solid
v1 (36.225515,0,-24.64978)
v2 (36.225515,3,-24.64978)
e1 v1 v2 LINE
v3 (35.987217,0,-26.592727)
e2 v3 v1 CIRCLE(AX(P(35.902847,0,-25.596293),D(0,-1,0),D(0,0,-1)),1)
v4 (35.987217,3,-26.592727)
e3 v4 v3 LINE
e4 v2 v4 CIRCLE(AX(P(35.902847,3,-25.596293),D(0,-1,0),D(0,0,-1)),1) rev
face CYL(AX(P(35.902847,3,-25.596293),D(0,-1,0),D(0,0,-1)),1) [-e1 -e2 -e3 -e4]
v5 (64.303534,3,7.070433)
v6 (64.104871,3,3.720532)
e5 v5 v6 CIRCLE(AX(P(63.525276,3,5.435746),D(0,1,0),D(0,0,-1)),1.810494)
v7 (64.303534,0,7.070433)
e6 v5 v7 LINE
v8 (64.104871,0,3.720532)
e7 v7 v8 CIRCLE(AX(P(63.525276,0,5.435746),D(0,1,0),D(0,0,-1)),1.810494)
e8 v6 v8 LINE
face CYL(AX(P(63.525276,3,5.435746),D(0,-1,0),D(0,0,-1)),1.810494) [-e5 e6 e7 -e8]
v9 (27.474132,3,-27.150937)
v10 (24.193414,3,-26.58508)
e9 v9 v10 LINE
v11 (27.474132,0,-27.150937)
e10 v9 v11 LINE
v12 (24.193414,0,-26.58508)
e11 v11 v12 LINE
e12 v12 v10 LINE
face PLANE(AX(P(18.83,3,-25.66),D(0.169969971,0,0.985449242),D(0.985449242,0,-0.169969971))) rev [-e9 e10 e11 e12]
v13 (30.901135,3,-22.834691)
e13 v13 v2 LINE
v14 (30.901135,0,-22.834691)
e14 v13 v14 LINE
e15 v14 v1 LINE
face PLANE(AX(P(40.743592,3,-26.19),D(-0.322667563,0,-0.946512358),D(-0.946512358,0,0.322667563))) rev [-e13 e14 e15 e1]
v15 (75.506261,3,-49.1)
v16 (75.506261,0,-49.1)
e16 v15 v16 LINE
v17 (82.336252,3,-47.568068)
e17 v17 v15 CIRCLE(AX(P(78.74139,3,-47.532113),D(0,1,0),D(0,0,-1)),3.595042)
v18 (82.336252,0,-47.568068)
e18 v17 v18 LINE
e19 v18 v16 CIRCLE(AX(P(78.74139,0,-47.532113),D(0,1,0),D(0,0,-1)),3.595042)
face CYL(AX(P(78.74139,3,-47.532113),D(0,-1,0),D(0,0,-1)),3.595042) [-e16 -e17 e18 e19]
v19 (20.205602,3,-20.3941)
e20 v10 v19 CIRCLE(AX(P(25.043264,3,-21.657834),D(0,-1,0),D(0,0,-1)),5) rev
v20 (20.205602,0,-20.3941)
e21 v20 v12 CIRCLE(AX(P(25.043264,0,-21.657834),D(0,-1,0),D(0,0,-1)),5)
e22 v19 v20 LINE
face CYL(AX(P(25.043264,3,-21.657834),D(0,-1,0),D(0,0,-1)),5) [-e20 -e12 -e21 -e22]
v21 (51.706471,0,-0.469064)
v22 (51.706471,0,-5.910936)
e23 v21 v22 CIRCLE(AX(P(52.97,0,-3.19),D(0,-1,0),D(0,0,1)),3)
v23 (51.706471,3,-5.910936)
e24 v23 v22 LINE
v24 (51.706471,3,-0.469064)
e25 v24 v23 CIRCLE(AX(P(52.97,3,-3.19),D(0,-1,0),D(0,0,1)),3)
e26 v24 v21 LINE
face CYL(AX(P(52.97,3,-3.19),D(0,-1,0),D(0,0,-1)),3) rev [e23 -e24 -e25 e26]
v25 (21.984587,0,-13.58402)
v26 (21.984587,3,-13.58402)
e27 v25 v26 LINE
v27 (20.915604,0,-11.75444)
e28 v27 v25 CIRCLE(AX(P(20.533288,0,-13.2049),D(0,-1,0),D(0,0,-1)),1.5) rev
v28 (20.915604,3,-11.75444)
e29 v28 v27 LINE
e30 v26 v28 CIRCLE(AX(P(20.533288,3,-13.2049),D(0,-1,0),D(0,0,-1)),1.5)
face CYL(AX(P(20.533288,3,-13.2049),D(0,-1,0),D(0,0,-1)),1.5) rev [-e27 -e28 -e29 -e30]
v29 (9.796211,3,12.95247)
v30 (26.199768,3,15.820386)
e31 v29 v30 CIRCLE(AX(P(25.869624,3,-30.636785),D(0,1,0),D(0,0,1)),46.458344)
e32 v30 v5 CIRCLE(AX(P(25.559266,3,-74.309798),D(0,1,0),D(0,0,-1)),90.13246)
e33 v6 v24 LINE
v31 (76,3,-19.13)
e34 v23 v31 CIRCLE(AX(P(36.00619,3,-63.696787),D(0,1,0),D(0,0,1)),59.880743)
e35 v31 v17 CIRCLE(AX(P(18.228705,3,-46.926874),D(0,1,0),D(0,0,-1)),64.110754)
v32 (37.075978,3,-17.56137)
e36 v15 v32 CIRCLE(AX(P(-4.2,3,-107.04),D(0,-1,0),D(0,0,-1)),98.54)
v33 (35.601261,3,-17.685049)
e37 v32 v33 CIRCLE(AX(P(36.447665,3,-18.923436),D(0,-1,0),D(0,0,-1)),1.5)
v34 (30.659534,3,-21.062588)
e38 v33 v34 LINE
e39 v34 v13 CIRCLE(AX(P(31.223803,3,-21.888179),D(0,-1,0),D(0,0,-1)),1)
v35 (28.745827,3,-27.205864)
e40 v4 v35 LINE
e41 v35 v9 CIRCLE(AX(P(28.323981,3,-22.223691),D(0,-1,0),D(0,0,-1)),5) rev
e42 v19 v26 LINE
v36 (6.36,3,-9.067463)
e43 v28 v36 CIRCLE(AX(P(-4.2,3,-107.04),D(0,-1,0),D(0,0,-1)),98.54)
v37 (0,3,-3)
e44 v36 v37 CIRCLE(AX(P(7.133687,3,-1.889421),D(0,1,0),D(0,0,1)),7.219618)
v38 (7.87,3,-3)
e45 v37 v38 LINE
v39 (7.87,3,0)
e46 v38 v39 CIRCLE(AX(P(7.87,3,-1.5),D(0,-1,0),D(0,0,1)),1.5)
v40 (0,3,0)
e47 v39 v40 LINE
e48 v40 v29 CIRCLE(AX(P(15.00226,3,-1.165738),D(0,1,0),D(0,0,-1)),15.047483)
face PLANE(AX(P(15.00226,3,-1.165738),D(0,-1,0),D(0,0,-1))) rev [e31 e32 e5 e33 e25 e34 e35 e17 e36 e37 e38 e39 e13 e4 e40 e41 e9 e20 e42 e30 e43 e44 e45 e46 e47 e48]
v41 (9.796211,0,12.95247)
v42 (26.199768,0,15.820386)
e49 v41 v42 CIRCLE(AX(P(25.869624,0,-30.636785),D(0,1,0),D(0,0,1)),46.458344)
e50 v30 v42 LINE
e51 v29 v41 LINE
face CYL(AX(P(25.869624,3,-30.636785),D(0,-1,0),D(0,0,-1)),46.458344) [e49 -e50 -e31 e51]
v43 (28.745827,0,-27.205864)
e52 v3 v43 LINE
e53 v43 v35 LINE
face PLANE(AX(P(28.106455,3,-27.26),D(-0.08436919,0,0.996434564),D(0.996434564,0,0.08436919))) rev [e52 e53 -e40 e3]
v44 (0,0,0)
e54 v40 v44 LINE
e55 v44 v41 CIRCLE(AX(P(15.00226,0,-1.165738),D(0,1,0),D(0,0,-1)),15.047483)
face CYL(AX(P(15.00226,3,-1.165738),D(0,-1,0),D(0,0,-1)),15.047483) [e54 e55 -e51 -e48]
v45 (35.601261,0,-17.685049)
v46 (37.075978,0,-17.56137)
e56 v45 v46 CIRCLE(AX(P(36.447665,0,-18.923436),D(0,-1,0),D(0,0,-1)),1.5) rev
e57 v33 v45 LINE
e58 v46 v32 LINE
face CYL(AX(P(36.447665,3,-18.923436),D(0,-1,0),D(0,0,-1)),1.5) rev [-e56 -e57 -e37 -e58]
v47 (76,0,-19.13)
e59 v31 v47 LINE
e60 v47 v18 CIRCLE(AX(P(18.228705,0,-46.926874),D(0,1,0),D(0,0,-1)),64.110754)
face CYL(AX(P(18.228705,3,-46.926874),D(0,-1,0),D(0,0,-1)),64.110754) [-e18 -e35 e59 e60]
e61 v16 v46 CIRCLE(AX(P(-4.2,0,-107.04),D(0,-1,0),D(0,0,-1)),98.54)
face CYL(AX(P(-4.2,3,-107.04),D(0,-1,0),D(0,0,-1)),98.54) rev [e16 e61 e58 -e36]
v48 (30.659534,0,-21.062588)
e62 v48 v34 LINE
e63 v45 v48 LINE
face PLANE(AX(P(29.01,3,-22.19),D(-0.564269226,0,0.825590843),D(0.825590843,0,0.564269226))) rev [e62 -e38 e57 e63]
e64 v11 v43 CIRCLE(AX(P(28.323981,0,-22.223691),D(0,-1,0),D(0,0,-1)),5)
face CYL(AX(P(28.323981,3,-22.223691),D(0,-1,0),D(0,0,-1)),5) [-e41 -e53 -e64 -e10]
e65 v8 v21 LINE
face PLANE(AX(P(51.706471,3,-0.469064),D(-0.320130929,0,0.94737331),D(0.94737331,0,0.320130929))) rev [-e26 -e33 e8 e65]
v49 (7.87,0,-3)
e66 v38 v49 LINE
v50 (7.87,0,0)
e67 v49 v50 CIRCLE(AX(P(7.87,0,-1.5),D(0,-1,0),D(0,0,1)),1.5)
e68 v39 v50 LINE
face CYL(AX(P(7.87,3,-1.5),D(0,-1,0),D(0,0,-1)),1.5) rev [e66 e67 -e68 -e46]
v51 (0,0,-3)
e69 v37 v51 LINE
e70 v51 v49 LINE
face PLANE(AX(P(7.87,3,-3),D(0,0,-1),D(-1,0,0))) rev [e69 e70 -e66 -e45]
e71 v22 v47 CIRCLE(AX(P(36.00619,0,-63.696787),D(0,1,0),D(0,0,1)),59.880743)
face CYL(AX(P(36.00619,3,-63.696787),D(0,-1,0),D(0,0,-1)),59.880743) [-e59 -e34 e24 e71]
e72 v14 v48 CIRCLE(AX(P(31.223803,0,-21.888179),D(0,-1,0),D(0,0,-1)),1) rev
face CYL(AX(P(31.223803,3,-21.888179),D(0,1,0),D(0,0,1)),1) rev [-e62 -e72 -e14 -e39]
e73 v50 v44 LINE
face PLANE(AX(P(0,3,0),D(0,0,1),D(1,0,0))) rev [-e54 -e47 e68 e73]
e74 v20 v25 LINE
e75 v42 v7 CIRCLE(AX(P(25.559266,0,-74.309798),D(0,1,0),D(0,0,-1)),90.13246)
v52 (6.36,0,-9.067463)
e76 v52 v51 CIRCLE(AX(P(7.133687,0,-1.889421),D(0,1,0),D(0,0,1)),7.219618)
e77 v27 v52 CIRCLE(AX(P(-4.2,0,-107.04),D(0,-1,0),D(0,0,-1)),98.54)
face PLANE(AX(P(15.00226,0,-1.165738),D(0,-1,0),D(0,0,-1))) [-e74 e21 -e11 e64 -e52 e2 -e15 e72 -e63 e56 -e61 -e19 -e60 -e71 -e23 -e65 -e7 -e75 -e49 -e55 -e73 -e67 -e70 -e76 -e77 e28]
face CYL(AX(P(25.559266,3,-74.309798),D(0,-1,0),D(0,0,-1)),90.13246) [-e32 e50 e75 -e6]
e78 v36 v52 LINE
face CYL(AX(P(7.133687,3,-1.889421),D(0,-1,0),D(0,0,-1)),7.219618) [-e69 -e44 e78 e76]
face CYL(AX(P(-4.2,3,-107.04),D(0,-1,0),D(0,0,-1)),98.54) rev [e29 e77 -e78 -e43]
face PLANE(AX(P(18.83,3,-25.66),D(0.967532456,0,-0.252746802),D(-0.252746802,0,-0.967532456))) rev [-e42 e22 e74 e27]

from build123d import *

# Parameters (mm, degrees)
BOSS_EXTRUDE1_DEPTH = 3
FILLET1_R           = 5
FILLET2_R           = 1
FILLET3_R           = 1.5


with BuildPart() as part:
    # Sketch1 → Boss-Extrude1 (new body)
    with BuildSketch(Plane(origin=(0, 0, 0), x_dir=(1, 0, 0), z_dir=(0, 1, 0))):
        with BuildLine():
            Line((0, 0), (7.87, 0))
            ThreePointArc((7.87, 0), (9.37, 1.5), (7.87, 3))
            Line((7.87, 3), (0, 3))
            ThreePointArc((0, 3), (2.150197581, 7.11318488), (6.36, 9.067463032))
            ThreePointArc((6.36, 9.067463032), (14.423757749, 10.275919643), (22.36, 12.146912791))
            Line((22.36, 12.146912791), (18.83, 25.66))
            Line((18.83, 25.66), (28.106454985, 27.26))
            Line((28.106454985, 27.26), (40.743591673, 26.19))
            Line((40.743591673, 26.19), (29.01, 22.19))
            Line((29.01, 22.19), (36.3, 17.207480276))
            ThreePointArc((36.3, 17.207480276), (57.98254967, 30.597458725), (75.506260733, 49.1))
            ThreePointArc((75.506260733, 49.1), (79.528190594, 51.04), (82.336251949, 47.568068084))
            ThreePointArc((82.336251949, 47.568068084), (80.805010077, 32.984321852), (76, 19.13))
            ThreePointArc((76, 19.13), (64.626879168, 11.098692866), (51.706470787, 5.910936222))
            ThreePointArc((51.706470787, 5.910936222), (49.97, 3.19), (51.706470787, 0.469063778))
            Line((51.706470787, 0.469063778), (64.104871289, -3.720532265))
            ThreePointArc((64.104871289, -3.720532265), (65.332594701, -5.328564668), (64.303533653, -7.070433303))
            ThreePointArc((64.303533653, -7.070433303), (45.731782679, -13.536259881), (26.199767539, -15.820385992))
            ThreePointArc((26.199767539, -15.820385992), (17.868444589, -15.127380639), (9.796210687, -12.952469527))
            ThreePointArc((9.796210687, -12.952469527), (3.000778454, -7.91122088), (0, 0))
        make_face()
    extrude(amount=BOSS_EXTRUDE1_DEPTH)

    # Fillet1
    fillet1_edges = [part.edges().sort_by_distance(p)[0] for p in [
        (18.83, 1.5, -25.66),
        (28.106454985, 1.5, -27.26),
    ]]
    fillet(fillet1_edges, radius=FILLET1_R)

    # Fillet2
    fillet2_edges = [part.edges().sort_by_distance(p)[0] for p in [
        (40.743591673, 1.5, -26.19),
        (29.01, 1.5, -22.19),
    ]]
    fillet(fillet2_edges, radius=FILLET2_R)

    # Fillet3
    fillet3_edges = [part.edges().sort_by_distance(p)[0] for p in [
        (22.36, 1.5, -12.146912791),
        (36.3, 1.5, -17.207480276),
    ]]
    fillet(fillet3_edges, radius=FILLET3_R)


solid = part.part
